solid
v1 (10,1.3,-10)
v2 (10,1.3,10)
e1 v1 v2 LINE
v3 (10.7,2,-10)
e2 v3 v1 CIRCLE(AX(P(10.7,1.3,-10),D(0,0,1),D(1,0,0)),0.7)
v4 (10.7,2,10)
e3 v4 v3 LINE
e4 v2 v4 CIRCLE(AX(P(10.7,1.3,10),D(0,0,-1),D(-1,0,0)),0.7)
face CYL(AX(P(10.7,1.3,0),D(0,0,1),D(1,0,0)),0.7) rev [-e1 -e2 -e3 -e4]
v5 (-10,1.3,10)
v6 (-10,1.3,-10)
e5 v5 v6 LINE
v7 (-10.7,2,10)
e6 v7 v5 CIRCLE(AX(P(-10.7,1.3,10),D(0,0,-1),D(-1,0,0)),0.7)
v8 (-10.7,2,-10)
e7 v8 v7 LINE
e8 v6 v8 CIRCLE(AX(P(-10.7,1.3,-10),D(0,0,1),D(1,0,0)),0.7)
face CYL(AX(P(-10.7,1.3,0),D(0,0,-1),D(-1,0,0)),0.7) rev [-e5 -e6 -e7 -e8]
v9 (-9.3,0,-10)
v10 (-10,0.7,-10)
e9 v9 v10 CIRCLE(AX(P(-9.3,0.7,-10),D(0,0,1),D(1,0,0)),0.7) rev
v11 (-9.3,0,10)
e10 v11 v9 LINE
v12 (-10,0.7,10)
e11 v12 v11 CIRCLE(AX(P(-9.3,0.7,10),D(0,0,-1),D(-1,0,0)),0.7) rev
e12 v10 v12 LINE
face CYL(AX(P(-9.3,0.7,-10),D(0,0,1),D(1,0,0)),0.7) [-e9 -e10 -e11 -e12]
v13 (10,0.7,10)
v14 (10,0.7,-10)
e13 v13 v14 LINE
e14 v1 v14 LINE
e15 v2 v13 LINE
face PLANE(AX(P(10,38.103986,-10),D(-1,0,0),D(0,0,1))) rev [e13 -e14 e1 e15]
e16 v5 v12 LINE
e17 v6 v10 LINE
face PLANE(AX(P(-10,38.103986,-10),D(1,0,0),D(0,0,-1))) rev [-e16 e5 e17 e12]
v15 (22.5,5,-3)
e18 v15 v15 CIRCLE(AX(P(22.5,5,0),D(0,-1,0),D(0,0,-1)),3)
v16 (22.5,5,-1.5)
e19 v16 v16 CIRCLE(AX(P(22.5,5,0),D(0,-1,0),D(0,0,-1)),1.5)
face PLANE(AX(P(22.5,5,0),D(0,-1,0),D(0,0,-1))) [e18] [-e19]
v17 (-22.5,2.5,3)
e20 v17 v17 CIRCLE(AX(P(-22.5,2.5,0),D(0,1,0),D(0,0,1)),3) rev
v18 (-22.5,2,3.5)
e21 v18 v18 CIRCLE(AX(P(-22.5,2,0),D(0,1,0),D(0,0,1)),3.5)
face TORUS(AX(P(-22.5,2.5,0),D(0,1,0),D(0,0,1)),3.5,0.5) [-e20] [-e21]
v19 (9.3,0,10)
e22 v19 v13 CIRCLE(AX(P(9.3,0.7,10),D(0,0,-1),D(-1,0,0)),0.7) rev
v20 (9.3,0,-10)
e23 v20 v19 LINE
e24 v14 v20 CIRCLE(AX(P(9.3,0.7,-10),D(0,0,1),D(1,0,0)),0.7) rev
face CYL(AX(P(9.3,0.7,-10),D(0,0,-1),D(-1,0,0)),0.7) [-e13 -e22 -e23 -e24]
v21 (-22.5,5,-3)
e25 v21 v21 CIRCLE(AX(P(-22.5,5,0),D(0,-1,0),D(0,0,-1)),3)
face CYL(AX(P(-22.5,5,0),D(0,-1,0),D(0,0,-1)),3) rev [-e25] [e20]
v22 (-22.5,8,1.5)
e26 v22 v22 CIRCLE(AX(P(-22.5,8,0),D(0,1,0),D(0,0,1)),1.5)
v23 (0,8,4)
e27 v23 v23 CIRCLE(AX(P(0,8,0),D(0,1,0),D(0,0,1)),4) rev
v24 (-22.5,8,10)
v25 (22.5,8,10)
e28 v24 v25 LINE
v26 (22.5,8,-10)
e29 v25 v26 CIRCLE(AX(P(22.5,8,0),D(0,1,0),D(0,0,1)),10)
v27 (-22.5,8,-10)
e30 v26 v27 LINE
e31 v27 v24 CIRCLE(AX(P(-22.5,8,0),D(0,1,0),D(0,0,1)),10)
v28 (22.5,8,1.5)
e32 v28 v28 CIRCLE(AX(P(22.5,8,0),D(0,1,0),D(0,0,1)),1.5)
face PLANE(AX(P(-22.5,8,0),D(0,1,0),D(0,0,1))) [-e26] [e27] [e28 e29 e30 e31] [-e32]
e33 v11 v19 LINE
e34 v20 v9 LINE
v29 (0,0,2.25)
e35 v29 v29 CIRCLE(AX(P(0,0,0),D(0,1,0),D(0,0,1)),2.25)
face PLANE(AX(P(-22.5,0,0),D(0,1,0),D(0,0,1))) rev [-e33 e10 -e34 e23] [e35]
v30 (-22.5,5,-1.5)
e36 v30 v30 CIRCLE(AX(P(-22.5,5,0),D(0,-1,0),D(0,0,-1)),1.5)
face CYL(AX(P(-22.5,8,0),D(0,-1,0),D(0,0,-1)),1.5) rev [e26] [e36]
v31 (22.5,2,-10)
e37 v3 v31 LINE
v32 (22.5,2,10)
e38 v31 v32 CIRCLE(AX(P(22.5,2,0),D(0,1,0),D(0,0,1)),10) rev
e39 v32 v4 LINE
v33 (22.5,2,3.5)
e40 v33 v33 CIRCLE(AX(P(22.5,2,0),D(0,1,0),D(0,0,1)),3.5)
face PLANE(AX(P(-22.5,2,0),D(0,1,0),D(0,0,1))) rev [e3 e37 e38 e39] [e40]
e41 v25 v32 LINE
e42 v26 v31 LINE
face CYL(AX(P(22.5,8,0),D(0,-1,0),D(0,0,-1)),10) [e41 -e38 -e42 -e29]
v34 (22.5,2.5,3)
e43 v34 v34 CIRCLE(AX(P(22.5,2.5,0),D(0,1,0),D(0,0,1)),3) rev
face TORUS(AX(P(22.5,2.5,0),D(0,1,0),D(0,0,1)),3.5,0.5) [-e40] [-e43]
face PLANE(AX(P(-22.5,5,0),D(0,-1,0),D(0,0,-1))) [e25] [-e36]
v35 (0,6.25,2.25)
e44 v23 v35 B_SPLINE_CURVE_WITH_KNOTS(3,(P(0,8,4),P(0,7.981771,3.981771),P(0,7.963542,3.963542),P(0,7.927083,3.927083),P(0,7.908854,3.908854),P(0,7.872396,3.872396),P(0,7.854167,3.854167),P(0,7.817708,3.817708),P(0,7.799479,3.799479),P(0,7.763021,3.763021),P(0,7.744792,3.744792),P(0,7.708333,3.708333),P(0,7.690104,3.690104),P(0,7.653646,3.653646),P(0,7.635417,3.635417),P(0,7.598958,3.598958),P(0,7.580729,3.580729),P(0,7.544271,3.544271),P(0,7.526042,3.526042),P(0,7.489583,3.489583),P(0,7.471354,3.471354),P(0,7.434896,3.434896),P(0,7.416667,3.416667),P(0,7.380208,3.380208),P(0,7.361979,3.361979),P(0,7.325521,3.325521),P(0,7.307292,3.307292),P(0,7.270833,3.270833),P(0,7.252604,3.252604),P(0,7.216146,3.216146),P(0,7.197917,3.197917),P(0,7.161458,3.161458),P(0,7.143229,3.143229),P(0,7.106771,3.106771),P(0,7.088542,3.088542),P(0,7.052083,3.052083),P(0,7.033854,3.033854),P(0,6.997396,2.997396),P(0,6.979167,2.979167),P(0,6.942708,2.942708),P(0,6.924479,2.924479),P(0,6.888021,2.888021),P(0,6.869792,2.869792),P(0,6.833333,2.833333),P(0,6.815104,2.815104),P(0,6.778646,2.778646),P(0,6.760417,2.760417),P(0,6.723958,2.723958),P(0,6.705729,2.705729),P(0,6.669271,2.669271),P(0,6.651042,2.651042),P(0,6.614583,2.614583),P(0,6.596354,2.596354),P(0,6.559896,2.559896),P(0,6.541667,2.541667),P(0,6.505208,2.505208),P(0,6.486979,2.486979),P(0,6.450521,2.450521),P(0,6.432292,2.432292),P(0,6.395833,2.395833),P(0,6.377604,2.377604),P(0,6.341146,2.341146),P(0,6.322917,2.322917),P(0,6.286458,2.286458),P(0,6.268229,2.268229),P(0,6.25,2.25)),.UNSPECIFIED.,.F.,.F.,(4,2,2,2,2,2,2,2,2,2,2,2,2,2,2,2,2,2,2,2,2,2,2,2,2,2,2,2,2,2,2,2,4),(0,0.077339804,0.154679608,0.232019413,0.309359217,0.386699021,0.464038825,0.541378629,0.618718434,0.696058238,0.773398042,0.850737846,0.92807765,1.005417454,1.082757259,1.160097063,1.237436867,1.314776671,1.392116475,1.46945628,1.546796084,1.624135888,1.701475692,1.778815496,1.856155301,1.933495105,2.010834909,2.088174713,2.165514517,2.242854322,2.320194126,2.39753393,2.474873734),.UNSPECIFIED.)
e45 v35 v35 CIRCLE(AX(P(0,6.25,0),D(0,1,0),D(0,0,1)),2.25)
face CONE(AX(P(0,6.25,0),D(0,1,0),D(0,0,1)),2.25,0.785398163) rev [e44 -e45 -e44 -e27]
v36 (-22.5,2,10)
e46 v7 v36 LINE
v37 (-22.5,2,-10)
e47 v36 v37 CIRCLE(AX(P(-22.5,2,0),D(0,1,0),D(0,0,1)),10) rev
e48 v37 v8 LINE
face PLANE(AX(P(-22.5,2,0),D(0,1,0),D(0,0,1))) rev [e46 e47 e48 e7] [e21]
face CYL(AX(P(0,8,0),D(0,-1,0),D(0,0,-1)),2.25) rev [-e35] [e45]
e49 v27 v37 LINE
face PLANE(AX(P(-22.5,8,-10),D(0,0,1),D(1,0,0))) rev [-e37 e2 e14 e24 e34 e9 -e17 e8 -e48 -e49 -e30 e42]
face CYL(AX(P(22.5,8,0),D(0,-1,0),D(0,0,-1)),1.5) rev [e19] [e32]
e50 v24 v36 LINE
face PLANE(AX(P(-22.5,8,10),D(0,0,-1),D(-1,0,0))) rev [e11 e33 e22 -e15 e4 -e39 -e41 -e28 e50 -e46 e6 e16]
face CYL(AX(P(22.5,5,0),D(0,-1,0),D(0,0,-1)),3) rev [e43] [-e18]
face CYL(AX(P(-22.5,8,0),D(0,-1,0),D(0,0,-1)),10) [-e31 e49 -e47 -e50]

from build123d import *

# Parameters (mm, degrees)
SKETCH1_R           = 1.5
SKETCH1_R_2         = 2.25
BOSS_EXTRUDE1_DEPTH = 8
CHAMFER1_SIZE       = 1.75
CUT_EXTRUDE1_DEPTH  = 2
SKETCH4_R           = 3
CUT_EXTRUDE2_DEPTH  = 3
FILLET1_R           = 0.7
FILLET2_R           = 0.5


with BuildPart() as part:
    # Sketch1 → Boss-Extrude1 (new body)
    with BuildSketch(Plane(origin=(0, 0, 0), x_dir=(1, 0, 0), z_dir=(0, 1, 0))):
        with BuildLine():
            Line((-22.5, 10), (22.5, 10))
            ThreePointArc((22.5, 10), (32.5, 0), (22.5, -10))
            Line((22.5, -10), (-22.5, -10))
            ThreePointArc((-22.5, -10), (-32.5, 0), (-22.5, 10))
        make_face()
        with Locations(Location((-22.5, 0, 0), (0, 0, 270))):
            Circle(SKETCH1_R, mode=Mode.SUBTRACT)
        with Locations(Location((22.5, 0, 0), (0, 0, 270))):
            Circle(SKETCH1_R, mode=Mode.SUBTRACT)
        with Locations(Location((0, 0, 0), (0, 0, 270))):
            Circle(SKETCH1_R_2, mode=Mode.SUBTRACT)
    extrude(amount=BOSS_EXTRUDE1_DEPTH)

    # Chamfer1
    chamfer1_edges = [part.edges().sort_by_distance(p)[0] for p in [
        (0, 8, -2.25),
    ]]
    chamfer(chamfer1_edges, length=CHAMFER1_SIZE)

    # Sketch3 → Cut-Extrude1 (cut)
    with BuildSketch(Plane.XZ):
        with BuildLine():
            Line((-10, 10), (-22.5, 10))
            ThreePointArc((-22.5, 10), (-32.5, 0), (-22.5, -10))
            Line((-22.5, -10), (-10, -10))
            Line((-10, -10), (-10, 10))
        make_face()
        with BuildLine():
            Line((22.5, 10), (10, 10))
            Line((10, 10), (10, -10))
            Line((10, -10), (22.5, -10))
            ThreePointArc((22.5, -10), (32.5, 0), (22.5, 10))
        make_face()
    extrude(amount=-CUT_EXTRUDE1_DEPTH, mode=Mode.SUBTRACT)

    # Sketch4 → Cut-Extrude2 (cut)
    with BuildSketch(Plane.XZ.offset(-2)):
        with Locations(Location((-22.5, 0, 0), (0, 0, 270))):
            Circle(SKETCH4_R)
        with Locations(Location((22.5, 0, 0), (0, 0, 270))):
            Circle(SKETCH4_R)
    extrude(amount=-CUT_EXTRUDE2_DEPTH, mode=Mode.SUBTRACT)

    # Fillet1
    fillet1_edges = [part.edges().sort_by_distance(p)[0] for p in [
        (-10, 0, 0),
        (-10, 2, 0),
        (10, 0, 0),
        (10, 2, 0),
    ]]
    fillet(fillet1_edges, radius=FILLET1_R)

    # Fillet2
    fillet2_edges = [part.edges().sort_by_distance(p)[0] for p in [
        (-22.5, 2, 3),
        (22.5, 2, 3),
    ]]
    fillet(fillet2_edges, radius=FILLET2_R)


solid = part.part
